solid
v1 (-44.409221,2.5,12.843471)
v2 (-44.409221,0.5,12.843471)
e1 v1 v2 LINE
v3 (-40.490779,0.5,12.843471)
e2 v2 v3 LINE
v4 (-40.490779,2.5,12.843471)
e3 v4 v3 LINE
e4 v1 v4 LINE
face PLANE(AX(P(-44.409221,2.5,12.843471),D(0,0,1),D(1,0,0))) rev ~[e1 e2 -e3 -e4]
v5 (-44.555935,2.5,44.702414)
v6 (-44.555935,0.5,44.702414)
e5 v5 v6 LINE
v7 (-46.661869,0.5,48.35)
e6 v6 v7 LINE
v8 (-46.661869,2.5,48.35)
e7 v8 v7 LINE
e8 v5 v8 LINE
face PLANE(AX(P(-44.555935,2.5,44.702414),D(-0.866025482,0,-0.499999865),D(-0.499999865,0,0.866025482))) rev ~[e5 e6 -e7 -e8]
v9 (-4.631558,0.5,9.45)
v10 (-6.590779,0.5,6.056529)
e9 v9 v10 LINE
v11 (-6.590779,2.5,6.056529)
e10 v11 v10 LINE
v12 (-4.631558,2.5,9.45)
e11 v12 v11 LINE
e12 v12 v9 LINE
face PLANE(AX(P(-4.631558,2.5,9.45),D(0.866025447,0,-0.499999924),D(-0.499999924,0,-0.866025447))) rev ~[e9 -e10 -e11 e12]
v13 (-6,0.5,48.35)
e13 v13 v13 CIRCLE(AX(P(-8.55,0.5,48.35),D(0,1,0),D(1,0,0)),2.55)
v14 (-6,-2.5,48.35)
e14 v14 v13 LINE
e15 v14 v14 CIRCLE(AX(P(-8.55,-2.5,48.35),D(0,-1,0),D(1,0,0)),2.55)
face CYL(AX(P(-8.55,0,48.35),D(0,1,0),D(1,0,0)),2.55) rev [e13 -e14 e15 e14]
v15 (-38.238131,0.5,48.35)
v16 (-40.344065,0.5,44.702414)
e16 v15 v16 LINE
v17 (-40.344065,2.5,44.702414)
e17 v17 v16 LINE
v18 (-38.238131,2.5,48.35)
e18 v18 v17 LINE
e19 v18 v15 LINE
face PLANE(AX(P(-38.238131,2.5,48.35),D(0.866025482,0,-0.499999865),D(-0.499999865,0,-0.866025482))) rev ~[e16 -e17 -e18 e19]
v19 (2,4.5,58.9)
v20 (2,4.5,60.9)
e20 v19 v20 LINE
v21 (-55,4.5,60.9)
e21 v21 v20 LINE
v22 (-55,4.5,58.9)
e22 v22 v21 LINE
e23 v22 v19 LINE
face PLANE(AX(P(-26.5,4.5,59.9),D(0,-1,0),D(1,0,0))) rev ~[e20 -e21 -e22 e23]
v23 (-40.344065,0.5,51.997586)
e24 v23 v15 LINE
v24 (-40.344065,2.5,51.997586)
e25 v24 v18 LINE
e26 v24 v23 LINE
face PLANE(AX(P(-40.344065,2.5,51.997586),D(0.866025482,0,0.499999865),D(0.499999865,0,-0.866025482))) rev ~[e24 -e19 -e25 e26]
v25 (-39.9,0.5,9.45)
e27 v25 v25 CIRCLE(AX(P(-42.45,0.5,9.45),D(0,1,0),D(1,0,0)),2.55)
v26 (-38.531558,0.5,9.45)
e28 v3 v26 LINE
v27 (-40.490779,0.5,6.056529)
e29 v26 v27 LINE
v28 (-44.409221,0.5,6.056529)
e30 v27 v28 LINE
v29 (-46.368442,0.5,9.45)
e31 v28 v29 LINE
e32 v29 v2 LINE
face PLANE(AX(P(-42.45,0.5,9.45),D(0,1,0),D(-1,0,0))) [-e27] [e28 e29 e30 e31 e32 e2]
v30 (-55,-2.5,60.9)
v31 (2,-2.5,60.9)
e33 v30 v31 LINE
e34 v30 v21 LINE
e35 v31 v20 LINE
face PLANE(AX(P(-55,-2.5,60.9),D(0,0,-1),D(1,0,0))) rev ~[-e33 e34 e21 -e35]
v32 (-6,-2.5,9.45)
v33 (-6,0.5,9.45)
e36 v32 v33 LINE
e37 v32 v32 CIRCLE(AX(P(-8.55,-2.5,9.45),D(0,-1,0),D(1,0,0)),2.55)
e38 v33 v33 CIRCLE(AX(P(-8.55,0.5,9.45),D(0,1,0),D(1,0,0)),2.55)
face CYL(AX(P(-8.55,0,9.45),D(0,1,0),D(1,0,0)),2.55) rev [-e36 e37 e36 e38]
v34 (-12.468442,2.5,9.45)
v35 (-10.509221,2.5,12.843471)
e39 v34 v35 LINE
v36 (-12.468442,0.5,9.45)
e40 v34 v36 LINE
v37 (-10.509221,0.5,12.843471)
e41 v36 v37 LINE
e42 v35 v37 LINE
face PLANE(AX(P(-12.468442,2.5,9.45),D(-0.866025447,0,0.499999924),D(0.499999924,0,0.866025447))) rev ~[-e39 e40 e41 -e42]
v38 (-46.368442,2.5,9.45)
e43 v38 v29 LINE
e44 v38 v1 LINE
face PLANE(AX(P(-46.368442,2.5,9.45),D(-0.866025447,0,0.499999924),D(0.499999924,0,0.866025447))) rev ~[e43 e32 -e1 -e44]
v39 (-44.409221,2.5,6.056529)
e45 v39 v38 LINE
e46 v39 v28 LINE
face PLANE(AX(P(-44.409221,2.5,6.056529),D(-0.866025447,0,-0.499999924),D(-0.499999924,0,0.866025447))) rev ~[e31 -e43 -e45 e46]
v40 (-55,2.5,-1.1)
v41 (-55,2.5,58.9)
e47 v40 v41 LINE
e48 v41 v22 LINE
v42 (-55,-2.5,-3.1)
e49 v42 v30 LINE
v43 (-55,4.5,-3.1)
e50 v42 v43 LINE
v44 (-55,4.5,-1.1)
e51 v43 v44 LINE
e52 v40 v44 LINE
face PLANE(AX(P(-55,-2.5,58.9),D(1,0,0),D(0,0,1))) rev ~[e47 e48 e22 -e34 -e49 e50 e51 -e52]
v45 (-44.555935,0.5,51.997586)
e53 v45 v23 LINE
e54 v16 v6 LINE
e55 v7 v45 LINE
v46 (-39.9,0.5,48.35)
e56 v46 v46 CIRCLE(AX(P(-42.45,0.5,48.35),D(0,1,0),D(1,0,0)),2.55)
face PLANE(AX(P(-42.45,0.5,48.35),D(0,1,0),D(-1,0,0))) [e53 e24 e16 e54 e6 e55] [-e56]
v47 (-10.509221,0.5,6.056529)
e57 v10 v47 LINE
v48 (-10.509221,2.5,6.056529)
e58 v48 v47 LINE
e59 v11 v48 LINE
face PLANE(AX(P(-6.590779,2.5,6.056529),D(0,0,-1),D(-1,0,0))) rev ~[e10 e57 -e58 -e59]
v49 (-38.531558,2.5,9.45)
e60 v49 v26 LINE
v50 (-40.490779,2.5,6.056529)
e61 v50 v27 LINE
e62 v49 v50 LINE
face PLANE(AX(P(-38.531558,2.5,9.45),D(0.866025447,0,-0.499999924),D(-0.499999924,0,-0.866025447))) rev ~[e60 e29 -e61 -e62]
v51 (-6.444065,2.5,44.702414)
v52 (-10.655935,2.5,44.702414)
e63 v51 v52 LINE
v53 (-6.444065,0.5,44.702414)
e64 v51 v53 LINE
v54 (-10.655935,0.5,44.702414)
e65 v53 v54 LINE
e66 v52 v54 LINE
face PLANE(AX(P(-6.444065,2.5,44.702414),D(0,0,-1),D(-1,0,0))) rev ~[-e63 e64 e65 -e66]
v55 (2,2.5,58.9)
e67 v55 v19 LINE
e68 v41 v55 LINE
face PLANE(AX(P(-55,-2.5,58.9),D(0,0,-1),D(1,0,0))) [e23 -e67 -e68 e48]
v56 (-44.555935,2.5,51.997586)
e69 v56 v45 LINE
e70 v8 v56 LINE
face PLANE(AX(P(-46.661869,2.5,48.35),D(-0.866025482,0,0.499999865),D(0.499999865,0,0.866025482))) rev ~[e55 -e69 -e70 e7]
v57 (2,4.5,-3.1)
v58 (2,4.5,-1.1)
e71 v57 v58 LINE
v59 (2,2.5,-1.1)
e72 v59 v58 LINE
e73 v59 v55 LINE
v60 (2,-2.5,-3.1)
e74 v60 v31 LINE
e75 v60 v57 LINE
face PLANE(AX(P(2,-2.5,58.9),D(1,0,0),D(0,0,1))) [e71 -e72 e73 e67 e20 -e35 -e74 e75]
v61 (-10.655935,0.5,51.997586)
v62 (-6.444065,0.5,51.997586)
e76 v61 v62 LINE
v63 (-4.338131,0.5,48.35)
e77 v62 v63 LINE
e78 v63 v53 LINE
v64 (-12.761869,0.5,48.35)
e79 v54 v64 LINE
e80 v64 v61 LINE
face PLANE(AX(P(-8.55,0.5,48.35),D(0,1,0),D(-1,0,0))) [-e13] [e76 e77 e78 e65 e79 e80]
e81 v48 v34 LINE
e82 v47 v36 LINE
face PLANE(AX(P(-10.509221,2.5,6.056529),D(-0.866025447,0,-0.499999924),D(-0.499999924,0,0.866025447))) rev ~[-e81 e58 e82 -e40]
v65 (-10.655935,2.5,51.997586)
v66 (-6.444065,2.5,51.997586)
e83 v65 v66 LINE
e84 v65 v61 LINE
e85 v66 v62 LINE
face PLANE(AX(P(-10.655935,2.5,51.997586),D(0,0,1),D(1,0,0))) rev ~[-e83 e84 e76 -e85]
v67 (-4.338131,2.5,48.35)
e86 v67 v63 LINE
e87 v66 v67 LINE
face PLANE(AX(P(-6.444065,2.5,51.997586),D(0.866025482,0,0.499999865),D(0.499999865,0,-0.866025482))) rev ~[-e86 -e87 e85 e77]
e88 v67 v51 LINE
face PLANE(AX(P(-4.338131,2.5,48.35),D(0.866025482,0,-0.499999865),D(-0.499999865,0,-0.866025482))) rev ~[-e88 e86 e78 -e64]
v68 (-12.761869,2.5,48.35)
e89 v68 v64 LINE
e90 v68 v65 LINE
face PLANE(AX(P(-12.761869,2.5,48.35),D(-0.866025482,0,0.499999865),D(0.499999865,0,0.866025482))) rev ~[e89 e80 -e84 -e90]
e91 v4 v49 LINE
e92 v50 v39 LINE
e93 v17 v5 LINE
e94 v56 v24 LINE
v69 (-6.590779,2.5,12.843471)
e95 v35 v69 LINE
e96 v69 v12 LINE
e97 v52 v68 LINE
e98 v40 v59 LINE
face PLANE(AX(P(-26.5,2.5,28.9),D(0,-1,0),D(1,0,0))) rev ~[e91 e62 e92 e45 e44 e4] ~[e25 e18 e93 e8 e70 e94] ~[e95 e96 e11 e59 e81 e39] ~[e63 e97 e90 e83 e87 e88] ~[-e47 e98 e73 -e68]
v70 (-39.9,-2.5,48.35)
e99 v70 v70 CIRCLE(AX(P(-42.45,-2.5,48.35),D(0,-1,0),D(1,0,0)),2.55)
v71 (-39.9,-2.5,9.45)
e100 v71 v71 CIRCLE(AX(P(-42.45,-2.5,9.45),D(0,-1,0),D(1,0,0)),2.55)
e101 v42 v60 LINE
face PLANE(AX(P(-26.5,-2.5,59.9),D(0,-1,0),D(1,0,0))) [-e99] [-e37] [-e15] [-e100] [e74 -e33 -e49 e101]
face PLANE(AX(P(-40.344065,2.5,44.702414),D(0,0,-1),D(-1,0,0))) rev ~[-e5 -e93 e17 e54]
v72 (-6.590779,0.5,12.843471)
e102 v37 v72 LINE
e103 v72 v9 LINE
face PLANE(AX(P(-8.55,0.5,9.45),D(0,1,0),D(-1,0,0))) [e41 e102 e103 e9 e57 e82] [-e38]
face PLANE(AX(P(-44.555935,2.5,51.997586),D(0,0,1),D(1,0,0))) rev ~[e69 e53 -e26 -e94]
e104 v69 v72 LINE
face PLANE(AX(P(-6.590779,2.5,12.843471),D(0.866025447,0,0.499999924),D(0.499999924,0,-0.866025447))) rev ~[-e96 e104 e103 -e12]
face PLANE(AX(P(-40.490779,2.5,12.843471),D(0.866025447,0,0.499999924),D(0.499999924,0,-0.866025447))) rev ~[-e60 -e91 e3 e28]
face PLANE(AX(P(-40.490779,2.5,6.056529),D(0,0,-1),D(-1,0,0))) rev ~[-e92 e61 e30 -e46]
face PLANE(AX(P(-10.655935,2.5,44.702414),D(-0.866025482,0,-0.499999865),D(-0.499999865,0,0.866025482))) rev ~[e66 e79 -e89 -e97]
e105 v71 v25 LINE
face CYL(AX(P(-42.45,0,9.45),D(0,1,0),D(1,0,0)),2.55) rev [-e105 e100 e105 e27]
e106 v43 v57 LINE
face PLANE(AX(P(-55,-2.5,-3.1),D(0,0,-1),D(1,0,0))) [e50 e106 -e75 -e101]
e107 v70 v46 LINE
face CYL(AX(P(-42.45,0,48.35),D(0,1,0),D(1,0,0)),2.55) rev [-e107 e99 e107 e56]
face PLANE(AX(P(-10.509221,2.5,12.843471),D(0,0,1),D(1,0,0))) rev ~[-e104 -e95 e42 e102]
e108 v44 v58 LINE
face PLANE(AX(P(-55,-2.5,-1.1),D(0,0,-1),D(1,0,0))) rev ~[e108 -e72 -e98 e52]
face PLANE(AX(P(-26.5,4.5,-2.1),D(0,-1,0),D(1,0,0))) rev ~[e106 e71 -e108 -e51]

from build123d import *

# Parameters (mm, degrees)
F0_W     = 57
F0_H     = 60
F0_R     = 2.55
F1_DEPTH = 2.5
F2_W     = 57
F2_H     = 2
F3_DEPTH = 7
F5_R     = 2.55
F6_DEPTH = 2


with BuildPart() as f1:
    # F0 (on Front) → F1 (new body, symmetric)
    with BuildSketch(Plane.XZ):
        with Locations((-26.5, 28.9)):
            Rectangle(F0_W, F0_H)
        with Locations((-42.45, 9.45)):
            Circle(F0_R, mode=Mode.SUBTRACT)
        with Locations((-8.55, 9.45)):
            Circle(F0_R, mode=Mode.SUBTRACT)
        with Locations((-42.45, 48.35)):
            Circle(F0_R, mode=Mode.SUBTRACT)
        with Locations((-8.55, 48.35)):
            Circle(F0_R, mode=Mode.SUBTRACT)
    extrude(amount=F1_DEPTH, both=True)

    # F2 (on face) → F3 (join)
    with BuildSketch(Plane.XZ.offset(2.5)):
        with Locations((-26.5, 59.9)):
            Rectangle(F2_W, F2_H)
        with Locations((-26.5, -2.1)):
            Rectangle(F2_W, F2_H)
    extrude(amount=-F3_DEPTH)

    # F5 (on face) → F6 (cut)
    with BuildSketch(Plane(origin=(0, 2.5, 0), x_dir=(-1, 0, 0), z_dir=(0, 1, 0))):
        Polygon((40.490779, 6.056529), (44.409221, 6.056529), (46.368442, 9.45), (44.409221, 12.843471), (40.490779, 12.843471), (38.531558, 9.45), align=None)
        with Locations((42.45, 9.45)):
            Circle(F5_R, mode=Mode.SUBTRACT)
        Polygon((6.590779, 6.056529), (10.509221, 6.056529), (12.468442, 9.45), (10.509221, 12.843471), (6.590779, 12.843471), (4.631558, 9.45), align=None)
        with Locations((8.55, 9.45)):
            Circle(F5_R, mode=Mode.SUBTRACT)
        Polygon((6.444065, 44.702414), (10.655935, 44.702414), (12.761869, 48.35), (10.655935, 51.997586), (6.444065, 51.997586), (4.338131, 48.35), align=None)
        with Locations((8.55, 48.35)):
            Circle(F5_R, mode=Mode.SUBTRACT)
        Polygon((40.344065, 44.702414), (44.555935, 44.702414), (46.661869, 48.35), (44.555935, 51.997586), (40.344065, 51.997586), (38.238131, 48.35), align=None)
        with Locations((42.45, 48.35)):
            Circle(F5_R, mode=Mode.SUBTRACT)
    extrude(amount=-F6_DEPTH, mode=Mode.SUBTRACT)


solid = f1.part
